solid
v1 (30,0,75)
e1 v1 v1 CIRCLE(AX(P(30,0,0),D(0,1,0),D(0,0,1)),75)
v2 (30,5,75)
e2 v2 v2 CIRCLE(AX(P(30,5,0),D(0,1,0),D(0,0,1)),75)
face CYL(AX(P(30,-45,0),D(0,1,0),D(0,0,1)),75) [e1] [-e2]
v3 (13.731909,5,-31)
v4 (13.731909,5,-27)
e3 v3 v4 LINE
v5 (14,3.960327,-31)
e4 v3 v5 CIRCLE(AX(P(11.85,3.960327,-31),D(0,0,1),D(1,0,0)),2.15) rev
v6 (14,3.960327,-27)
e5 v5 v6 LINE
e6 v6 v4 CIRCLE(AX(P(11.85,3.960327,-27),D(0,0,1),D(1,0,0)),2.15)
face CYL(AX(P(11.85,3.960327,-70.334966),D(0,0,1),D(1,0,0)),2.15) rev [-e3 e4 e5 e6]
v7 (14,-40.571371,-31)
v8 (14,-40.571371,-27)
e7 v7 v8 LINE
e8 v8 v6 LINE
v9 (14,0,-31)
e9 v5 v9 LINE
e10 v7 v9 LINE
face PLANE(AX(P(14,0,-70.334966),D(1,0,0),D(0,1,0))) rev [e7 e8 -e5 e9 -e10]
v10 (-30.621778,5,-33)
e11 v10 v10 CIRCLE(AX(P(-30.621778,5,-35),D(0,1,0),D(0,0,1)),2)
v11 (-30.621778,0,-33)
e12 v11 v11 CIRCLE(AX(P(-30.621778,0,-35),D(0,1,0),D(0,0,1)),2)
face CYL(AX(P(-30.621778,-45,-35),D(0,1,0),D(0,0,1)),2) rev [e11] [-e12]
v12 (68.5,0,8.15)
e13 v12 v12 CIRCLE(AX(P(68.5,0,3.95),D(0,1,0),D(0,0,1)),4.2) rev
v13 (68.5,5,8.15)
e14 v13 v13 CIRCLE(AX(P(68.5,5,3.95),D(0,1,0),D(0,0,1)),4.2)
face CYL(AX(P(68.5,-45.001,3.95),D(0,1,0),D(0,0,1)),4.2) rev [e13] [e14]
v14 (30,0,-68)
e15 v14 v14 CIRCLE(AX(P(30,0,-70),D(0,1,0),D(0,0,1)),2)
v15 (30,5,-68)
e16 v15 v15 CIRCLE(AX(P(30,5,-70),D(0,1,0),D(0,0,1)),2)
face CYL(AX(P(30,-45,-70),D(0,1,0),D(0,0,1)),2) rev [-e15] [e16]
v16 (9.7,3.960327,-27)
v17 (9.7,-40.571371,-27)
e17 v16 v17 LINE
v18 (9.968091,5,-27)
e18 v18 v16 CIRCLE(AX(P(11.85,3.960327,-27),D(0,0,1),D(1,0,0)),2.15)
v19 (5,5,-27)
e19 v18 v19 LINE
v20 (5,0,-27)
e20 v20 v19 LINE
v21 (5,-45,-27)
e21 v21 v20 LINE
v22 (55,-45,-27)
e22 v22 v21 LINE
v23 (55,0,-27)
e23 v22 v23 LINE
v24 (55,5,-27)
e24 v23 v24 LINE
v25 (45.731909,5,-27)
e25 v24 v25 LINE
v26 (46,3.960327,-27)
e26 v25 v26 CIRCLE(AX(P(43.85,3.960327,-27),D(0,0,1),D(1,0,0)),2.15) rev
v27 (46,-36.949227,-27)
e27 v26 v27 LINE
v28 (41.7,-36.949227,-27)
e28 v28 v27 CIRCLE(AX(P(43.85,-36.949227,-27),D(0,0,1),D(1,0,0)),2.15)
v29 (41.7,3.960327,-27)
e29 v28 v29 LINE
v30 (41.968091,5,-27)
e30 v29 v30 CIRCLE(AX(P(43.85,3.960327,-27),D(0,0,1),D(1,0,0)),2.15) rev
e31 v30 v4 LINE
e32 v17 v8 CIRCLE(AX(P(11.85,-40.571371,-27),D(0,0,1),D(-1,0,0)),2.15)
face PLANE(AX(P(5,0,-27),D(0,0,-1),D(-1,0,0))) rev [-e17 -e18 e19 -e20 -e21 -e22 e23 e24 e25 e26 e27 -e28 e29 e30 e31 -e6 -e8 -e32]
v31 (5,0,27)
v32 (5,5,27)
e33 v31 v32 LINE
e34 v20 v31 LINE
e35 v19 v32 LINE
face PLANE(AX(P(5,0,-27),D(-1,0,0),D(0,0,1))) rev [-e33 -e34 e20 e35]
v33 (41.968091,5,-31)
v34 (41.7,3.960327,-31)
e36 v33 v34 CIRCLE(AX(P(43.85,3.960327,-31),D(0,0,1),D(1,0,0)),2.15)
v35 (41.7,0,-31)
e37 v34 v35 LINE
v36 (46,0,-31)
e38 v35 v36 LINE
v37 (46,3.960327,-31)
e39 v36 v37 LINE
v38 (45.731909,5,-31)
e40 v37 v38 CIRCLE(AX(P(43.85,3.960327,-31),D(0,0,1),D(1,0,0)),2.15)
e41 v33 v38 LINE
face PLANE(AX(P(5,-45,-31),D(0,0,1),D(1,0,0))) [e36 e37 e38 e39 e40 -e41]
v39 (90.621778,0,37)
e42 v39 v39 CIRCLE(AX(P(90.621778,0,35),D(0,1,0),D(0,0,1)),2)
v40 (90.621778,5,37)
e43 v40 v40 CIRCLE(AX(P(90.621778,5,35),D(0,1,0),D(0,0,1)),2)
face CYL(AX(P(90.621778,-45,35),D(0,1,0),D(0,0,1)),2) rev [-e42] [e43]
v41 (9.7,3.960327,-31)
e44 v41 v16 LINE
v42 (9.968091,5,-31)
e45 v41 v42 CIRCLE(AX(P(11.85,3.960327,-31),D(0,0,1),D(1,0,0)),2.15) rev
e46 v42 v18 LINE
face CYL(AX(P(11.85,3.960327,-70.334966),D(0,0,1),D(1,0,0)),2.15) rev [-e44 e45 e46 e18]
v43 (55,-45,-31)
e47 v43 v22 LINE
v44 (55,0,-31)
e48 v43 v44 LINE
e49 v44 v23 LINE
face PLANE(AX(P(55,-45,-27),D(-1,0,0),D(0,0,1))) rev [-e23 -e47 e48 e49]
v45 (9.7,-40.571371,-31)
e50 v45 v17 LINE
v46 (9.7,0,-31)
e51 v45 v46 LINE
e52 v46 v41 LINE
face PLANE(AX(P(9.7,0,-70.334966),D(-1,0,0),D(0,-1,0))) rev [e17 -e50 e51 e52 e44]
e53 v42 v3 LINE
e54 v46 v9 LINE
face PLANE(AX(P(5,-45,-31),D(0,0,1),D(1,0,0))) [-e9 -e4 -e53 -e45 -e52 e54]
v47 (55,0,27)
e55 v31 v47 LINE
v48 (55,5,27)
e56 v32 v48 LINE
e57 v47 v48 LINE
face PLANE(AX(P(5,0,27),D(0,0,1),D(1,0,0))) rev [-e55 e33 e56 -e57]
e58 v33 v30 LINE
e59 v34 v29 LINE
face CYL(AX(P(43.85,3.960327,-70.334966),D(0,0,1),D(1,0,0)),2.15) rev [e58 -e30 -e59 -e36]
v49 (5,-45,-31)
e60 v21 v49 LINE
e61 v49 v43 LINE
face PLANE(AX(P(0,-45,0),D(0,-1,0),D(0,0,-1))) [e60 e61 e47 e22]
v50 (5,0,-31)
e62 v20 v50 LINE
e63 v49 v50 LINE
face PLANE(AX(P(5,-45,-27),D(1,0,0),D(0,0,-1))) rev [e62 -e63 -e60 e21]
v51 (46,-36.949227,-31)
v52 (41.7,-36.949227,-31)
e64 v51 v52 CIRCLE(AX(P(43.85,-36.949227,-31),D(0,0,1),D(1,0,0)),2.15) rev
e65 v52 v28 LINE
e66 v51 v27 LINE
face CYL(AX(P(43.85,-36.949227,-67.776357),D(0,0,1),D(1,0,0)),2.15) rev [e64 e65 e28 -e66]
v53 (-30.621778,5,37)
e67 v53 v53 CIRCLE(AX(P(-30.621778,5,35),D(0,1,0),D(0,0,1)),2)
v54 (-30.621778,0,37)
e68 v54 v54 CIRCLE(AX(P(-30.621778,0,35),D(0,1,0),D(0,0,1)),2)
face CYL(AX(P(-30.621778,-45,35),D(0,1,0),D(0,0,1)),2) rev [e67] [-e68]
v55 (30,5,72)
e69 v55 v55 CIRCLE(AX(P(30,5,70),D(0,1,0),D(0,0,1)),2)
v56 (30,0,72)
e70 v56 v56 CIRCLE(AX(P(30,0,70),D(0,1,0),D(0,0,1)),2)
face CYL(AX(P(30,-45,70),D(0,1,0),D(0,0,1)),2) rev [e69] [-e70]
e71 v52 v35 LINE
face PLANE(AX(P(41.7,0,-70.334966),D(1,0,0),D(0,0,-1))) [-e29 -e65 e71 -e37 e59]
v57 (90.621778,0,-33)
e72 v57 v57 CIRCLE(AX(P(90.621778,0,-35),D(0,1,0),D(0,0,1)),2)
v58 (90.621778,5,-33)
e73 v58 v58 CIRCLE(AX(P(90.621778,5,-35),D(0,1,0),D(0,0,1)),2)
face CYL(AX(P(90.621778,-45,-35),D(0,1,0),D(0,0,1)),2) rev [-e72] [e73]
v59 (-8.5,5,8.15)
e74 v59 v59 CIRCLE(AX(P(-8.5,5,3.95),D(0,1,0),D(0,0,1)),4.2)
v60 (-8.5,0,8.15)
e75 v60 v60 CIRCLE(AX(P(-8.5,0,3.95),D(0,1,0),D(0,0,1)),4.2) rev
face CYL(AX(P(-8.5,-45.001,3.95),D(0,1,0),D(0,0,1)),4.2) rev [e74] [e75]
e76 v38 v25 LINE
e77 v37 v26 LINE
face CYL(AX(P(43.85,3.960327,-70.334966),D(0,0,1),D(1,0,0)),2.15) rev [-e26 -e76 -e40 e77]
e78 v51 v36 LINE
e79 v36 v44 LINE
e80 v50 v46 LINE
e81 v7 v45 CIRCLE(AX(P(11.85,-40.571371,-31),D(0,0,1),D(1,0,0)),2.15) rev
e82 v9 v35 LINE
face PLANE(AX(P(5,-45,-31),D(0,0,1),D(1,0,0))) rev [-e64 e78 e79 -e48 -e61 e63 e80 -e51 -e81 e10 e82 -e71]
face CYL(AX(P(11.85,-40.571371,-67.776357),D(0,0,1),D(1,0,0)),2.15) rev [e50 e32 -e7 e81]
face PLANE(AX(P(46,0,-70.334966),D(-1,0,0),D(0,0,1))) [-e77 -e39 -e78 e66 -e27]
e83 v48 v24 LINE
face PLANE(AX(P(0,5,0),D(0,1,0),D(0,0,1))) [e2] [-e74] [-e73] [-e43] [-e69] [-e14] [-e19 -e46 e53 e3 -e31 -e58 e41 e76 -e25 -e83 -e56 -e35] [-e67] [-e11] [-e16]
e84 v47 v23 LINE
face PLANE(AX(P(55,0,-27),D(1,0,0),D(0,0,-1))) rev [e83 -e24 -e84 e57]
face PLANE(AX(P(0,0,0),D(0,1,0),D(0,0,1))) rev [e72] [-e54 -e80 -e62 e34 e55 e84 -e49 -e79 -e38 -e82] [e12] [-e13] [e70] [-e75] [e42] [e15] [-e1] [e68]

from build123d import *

# Parameters (mm, degrees)
SKETCH1_W           = 200
SKETCH1_H           = 100
BOSS_EXTRUDE1_DEPTH = 5
SKETCH2_W           = 50
SKETCH2_H           = 54
CUT_EXTRUDE1_DEPTH  = 6
SKETCH3_W           = 50
SKETCH3_H           = 4
BOSS_EXTRUDE2_DEPTH = 45
CUT_EXTRUDE3_DEPTH  = 4
SKETCH19_W          = 200
SKETCH19_H          = 5
BOSS_EXTRUDE3_DEPTH = 25
SKETCH20_W          = 200
SKETCH20_H          = 5
BOSS_EXTRUDE4_DEPTH = 25
SKETCH21_W          = 150
SKETCH21_H          = 5
BOSS_EXTRUDE5_DEPTH = 25
SKETCH22_OUTSIDE_W  = 282
SKETCH22_OUTSIDE_H  = 207
SKETCH22_OUTSIDE_R  = 75
CUT_EXTRUDE6_DEPTH  = 51
SKETCH26_R          = 2
CUT_EXTRUDE7_DEPTH  = 51
CUT_EXTRUDE8_REACH  = 52
SKETCH28_R          = 4.2
CUT_EXTRUDE10_DEPTH = 4


with BuildPart() as part:
    # Sketch1 → Boss-Extrude1 (new body)
    with BuildSketch(Plane(origin=(0, 0, 0), x_dir=(1, 0, 0), z_dir=(0, 1, 0))):
        Rectangle(SKETCH1_W, SKETCH1_H)
    extrude(amount=BOSS_EXTRUDE1_DEPTH)

    # Sketch2 → Cut-Extrude1 (cut, through all)
    with BuildSketch(Plane(origin=(0, 5, 0), x_dir=(1, 0, 0), z_dir=(0, 1, 0))):
        with Locations((30, 0)):
            Rectangle(SKETCH2_W, SKETCH2_H)
    extrude(amount=-CUT_EXTRUDE1_DEPTH, mode=Mode.SUBTRACT)

    # Sketch3 → Boss-Extrude2 (add)
    with BuildSketch(Plane.XZ):
        with Locations((30, -29)):
            Rectangle(SKETCH3_W, SKETCH3_H)
    extrude(amount=BOSS_EXTRUDE2_DEPTH)

    # Sketch4 → Cut-Extrude3 (cut)
    with BuildSketch(Plane.XY.offset(-27)):
        with BuildLine():
            ThreePointArc((14, 3.960327286), (11.85, 6.110327286), (9.7, 3.960327286))
            Line((9.7, 3.960327286), (9.7, -6.197738793))
            Line((9.7, -6.197738793), (14, -6.197264156))
            Line((14, -6.197264156), (14, 3.960327286))
        make_face()
        with BuildLine():
            Line((41.7, 3.960327286), (41.7, -31.94922721))
            ThreePointArc((41.7, -31.94922721), (43.85, -34.09922721), (46, -31.94922721))
            Line((46, -31.94922721), (46, 3.960327286))
            ThreePointArc((46, 3.960327286), (43.85, 6.110327286), (41.7, 3.960327286))
        make_face()
    extrude(amount=-CUT_EXTRUDE3_DEPTH, mode=Mode.SUBTRACT)

    # Sketch19 → Boss-Extrude3 (add)
    with BuildSketch(Plane(origin=(0, 0, -50), x_dir=(-1, 0, 0), z_dir=(0, 0, -1))):
        with Locations((0, 2.5)):
            Rectangle(SKETCH19_W, SKETCH19_H)
    extrude(amount=BOSS_EXTRUDE3_DEPTH)

    # Sketch20 → Boss-Extrude4 (add)
    with BuildSketch(Plane.XY.offset(50)):
        with Locations((0, 2.5)):
            Rectangle(SKETCH20_W, SKETCH20_H)
    extrude(amount=BOSS_EXTRUDE4_DEPTH)

    # Sketch21 → Boss-Extrude5 (add)
    with BuildSketch(Plane(origin=(100, 0, 0), x_dir=(0, 0, -1), z_dir=(1, 0, 0))):
        with Locations((0, 2.5)):
            Rectangle(SKETCH21_W, SKETCH21_H)
    extrude(amount=BOSS_EXTRUDE5_DEPTH)

    # Sketch22 outside → Cut-Extrude6 (cut, through all)
    with BuildSketch(Plane(origin=(0, 5, 0), x_dir=(1, 0, 0), z_dir=(0, 1, 0))):
        with Locations((12.5, 0)):
            Rectangle(SKETCH22_OUTSIDE_W, SKETCH22_OUTSIDE_H)
        with Locations((30, 0)):
            Circle(SKETCH22_OUTSIDE_R, mode=Mode.SUBTRACT)
    extrude(amount=-CUT_EXTRUDE6_DEPTH, mode=Mode.SUBTRACT)

    # Sketch26 → Cut-Extrude7 (cut, through all)
    with BuildSketch(Plane(origin=(0, 5, 0), x_dir=(1, 0, 0), z_dir=(0, 1, 0))):
        with Locations((30, -70)):
            Circle(SKETCH26_R)
        with Locations((-30.621778265, -35)):
            Circle(SKETCH26_R)
        with Locations((-30.621778265, 35)):
            Circle(SKETCH26_R)
        with Locations((30, 70)):
            Circle(SKETCH26_R)
        with Locations((90.621778265, 35)):
            Circle(SKETCH26_R)
        with Locations((90.621778265, -35)):
            Circle(SKETCH26_R)
    extrude(amount=-CUT_EXTRUDE7_DEPTH, mode=Mode.SUBTRACT)

    # Sketch28 → Cut-Extrude8 (cut, up to next)
    with BuildSketch(Plane(origin=(0, 5, 0), x_dir=(1, 0, 0), z_dir=(0, 1, 0)), mode=Mode.PRIVATE) as cut_extrude8_sk1:
        with Locations((-8.5, -3.95)):
            Circle(SKETCH28_R)
    cut_extrude8_tool1 = extrude(cut_extrude8_sk1.sketch, amount=-CUT_EXTRUDE8_REACH, mode=Mode.PRIVATE) & part.part
    add(cut_extrude8_tool1.solids().sort_by_distance((-8.5, 5, 3.95))[0], mode=Mode.SUBTRACT)
    # Sketch28 → Cut-Extrude8 (cut, up to next)
    with BuildSketch(Plane(origin=(0, 5, 0), x_dir=(1, 0, 0), z_dir=(0, 1, 0)), mode=Mode.PRIVATE) as cut_extrude8_sk2:
        with Locations((68.5, -3.95)):
            Circle(SKETCH28_R)
    cut_extrude8_tool2 = extrude(cut_extrude8_sk2.sketch, amount=-CUT_EXTRUDE8_REACH, mode=Mode.PRIVATE) & part.part
    add(cut_extrude8_tool2.solids().sort_by_distance((68.5, 5, 3.95))[0], mode=Mode.SUBTRACT)

    # Sketch30 → Cut-Extrude10 (cut)
    with BuildSketch(Plane.XY.offset(-27)):
        with BuildLine():
            Line((14, -6.197264156), (14, -40.571371384))
            ThreePointArc((14, -40.571371384), (11.85, -42.721371384), (9.7, -40.571371384))
            Line((9.7, -40.571371384), (9.7, -6.197738793))
            Line((9.7, -6.197738793), (14, -6.197264156))
        make_face()
        with BuildLine():
            Line((41.7, -31.94922721), (41.7, -36.94922721))
            ThreePointArc((41.7, -36.94922721), (43.85, -39.09922721), (46, -36.94922721))
            Line((46, -36.94922721), (46, -31.94922721))
            Line((46, -31.94922721), (41.7, -31.94922721))
        make_face()
    extrude(amount=-CUT_EXTRUDE10_DEPTH, mode=Mode.SUBTRACT)


solid = part.part
